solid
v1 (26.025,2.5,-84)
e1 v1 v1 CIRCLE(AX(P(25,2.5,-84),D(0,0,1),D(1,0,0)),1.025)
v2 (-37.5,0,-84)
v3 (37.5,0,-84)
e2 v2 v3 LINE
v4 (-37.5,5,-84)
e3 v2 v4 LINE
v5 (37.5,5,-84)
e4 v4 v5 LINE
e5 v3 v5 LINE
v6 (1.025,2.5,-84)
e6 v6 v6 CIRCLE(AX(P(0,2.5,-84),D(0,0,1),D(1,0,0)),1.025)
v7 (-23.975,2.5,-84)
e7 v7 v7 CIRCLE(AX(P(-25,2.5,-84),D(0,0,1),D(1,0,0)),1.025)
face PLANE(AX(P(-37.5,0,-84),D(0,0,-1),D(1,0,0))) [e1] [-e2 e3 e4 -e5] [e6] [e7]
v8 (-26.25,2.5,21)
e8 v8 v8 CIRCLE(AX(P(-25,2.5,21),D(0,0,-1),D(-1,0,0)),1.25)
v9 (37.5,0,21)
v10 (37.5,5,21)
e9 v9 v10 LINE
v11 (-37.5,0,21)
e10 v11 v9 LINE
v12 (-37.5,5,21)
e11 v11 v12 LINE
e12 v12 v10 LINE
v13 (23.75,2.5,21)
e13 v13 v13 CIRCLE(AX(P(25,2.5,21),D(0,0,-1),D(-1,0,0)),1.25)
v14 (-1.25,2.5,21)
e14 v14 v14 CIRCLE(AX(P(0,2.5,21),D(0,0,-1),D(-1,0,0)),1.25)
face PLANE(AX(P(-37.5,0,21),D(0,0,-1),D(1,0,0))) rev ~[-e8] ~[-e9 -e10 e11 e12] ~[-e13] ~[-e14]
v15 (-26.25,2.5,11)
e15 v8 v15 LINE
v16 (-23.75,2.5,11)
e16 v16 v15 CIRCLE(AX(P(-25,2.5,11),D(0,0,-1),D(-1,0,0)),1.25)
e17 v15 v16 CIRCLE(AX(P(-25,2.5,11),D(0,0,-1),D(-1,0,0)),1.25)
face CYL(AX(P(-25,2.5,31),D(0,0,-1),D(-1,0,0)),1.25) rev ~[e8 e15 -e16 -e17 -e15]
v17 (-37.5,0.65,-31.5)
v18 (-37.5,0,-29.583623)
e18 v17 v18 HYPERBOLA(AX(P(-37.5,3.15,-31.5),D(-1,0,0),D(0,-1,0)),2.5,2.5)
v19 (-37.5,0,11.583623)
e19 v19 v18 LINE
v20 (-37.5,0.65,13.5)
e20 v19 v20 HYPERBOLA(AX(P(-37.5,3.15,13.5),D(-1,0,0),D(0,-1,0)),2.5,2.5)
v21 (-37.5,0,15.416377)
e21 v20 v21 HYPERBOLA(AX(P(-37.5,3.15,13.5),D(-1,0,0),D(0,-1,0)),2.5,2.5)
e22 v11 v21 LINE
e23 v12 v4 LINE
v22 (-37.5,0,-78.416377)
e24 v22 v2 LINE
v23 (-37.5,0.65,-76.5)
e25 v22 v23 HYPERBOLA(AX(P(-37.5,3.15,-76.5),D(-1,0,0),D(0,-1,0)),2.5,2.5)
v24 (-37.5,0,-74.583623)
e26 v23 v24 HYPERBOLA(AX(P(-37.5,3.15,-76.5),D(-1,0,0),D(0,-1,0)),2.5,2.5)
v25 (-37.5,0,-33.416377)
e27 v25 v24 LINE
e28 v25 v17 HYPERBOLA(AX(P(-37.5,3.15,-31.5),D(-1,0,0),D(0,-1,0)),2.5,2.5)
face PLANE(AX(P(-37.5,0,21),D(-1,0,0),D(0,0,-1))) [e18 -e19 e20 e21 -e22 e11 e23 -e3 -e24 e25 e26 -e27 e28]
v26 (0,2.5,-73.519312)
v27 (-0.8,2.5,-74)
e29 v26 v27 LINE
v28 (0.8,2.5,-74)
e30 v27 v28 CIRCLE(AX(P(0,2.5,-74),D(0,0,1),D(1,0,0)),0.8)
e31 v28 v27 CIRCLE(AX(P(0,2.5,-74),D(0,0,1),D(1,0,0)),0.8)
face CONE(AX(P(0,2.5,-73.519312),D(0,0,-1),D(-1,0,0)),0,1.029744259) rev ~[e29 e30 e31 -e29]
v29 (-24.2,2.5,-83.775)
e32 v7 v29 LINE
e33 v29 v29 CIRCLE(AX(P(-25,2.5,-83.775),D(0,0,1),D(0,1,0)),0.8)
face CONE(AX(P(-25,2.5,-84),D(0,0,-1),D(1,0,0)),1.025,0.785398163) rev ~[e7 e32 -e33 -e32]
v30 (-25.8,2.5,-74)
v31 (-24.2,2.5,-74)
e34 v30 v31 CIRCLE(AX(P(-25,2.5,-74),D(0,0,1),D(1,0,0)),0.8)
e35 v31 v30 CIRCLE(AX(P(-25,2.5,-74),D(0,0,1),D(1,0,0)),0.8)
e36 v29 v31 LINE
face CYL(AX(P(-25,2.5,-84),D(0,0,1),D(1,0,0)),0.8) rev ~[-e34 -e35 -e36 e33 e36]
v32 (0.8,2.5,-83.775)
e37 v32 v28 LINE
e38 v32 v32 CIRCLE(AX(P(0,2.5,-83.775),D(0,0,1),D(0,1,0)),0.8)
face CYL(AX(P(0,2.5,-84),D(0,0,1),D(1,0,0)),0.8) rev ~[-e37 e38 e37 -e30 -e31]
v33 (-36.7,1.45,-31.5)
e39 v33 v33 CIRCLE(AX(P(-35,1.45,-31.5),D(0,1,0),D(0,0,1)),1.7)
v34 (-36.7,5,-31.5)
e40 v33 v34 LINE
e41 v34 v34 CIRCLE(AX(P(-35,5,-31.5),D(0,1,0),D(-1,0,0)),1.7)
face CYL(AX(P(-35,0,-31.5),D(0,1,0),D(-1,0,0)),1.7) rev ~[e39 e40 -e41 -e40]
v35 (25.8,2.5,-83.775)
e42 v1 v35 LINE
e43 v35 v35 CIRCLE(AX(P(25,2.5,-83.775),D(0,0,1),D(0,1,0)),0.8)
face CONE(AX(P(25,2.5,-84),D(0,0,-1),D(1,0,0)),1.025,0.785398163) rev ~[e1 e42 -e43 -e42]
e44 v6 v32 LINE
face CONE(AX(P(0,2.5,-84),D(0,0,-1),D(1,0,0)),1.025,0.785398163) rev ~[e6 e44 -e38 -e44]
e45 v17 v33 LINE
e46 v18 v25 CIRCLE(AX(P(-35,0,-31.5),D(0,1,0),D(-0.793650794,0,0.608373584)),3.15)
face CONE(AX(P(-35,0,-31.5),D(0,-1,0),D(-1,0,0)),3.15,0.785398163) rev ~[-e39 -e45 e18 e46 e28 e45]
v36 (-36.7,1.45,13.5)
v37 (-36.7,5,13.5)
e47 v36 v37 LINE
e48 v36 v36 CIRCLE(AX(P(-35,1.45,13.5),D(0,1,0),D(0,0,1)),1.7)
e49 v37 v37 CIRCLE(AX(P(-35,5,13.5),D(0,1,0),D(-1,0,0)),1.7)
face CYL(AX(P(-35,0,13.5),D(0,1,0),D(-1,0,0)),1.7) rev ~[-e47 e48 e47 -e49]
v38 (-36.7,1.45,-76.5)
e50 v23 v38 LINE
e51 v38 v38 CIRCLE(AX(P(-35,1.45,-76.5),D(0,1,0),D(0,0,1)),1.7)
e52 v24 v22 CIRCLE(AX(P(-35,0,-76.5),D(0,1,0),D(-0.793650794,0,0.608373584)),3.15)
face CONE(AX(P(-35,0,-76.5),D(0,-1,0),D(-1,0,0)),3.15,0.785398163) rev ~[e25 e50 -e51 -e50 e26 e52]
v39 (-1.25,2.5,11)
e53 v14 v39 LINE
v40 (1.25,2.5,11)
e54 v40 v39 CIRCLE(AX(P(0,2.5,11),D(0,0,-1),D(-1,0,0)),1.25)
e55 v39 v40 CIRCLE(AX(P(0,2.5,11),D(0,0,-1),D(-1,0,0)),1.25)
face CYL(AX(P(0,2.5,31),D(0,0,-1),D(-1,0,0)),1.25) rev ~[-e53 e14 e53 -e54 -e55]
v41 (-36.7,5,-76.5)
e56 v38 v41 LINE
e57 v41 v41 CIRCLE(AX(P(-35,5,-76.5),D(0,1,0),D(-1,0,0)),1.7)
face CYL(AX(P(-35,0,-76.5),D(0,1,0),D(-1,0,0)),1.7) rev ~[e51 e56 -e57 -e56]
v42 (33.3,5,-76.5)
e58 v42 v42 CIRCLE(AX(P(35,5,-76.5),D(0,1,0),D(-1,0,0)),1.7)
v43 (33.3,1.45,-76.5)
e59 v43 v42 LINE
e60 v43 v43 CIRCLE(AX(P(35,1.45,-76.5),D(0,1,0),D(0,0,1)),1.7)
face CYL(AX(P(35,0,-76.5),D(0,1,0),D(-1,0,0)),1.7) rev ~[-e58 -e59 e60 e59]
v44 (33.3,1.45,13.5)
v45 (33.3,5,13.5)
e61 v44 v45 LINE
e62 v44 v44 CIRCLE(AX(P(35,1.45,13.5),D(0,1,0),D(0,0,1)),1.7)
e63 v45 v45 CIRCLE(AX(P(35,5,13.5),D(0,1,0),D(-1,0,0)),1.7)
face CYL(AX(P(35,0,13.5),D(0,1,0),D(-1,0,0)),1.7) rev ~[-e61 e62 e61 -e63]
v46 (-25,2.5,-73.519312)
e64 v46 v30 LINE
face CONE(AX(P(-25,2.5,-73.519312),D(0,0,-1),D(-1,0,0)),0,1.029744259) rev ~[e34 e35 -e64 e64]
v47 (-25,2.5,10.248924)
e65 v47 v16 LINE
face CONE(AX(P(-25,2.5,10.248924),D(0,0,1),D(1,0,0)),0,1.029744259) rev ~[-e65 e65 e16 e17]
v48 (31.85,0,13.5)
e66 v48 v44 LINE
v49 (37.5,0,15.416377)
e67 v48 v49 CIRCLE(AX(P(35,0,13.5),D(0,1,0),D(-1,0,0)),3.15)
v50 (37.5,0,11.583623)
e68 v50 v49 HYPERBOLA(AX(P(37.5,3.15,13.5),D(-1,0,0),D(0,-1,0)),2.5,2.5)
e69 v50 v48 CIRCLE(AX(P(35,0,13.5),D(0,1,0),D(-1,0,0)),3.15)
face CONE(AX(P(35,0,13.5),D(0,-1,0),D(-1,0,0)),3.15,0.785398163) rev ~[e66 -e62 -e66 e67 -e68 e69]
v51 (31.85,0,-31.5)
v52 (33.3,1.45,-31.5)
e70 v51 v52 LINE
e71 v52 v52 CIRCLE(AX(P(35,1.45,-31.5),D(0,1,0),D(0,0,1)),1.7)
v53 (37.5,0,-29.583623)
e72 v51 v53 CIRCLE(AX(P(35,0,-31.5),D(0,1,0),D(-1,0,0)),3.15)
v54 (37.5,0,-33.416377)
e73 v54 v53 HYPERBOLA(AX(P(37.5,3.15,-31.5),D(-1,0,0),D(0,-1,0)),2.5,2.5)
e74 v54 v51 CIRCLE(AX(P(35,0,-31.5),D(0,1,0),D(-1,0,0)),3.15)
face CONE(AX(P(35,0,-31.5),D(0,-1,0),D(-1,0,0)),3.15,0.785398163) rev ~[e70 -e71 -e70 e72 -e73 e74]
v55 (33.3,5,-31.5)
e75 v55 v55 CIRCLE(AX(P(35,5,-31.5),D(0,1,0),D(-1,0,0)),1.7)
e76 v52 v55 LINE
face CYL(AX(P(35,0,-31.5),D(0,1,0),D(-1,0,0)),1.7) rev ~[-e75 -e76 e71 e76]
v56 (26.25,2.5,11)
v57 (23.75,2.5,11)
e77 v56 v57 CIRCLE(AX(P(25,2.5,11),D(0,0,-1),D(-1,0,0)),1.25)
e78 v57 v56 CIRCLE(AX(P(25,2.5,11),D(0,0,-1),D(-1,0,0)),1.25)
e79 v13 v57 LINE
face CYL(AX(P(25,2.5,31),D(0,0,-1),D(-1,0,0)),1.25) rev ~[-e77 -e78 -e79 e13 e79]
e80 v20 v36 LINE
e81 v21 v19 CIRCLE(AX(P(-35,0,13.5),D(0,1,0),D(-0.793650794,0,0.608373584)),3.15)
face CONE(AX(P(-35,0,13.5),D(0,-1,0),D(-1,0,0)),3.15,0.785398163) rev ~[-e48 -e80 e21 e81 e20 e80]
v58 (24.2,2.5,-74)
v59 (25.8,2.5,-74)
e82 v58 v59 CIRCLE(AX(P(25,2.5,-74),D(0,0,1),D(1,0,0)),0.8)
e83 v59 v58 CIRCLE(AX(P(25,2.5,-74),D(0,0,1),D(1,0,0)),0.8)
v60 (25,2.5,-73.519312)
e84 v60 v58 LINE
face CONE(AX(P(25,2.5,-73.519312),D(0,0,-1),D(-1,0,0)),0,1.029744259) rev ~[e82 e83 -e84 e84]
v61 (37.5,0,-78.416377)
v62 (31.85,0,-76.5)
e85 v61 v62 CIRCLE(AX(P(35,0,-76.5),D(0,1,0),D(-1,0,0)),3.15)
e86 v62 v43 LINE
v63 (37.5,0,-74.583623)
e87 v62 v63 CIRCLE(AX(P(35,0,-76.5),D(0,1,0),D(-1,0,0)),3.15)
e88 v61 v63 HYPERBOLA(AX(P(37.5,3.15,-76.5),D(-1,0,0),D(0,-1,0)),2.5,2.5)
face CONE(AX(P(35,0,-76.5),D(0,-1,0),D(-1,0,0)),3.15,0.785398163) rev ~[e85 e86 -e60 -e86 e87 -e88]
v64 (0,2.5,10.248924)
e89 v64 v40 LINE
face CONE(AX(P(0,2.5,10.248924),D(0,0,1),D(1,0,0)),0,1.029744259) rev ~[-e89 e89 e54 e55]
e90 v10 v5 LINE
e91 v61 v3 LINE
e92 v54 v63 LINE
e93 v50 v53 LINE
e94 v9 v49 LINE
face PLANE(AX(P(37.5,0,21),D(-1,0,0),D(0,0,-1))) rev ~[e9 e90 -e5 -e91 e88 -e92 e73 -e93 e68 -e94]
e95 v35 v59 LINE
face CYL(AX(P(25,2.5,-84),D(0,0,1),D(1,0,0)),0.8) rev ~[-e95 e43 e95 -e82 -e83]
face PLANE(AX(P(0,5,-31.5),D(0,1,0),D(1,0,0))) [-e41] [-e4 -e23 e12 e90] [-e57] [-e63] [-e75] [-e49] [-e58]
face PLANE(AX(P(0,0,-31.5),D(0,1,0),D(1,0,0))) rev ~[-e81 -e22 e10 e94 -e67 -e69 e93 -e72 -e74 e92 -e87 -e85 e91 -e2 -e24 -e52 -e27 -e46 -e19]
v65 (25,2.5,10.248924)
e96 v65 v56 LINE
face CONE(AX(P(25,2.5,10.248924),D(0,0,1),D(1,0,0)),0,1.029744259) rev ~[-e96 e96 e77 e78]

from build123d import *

# Parameters (mm, degrees)
SKETCH_1_W                   = 75
SKETCH_1_H                   = 105
EXTRUDE_432_DEPTH            = 5
HOLE_WIZARD_M3_D             = 2.5
HOLE_WIZARD_M3_DEPTH         = 10
HOLE_WIZARD_M3_TIP           = 0.751075774
HOLE_WIZARD_M3_2_D           = 1.6
HOLE_WIZARD_M3_2_DEPTH       = 10
HOLE_WIZARD_M3_2_CSINK_D     = 2.05
HOLE_WIZARD_M3_2_CSINK_ANGLE = 90
HOLE_WIZARD_M3_2_TIP         = 0.480688495
HOLE_WIZARD_M3_3_D           = 3.4
HOLE_WIZARD_M3_3_CSINK_D     = 6.3
HOLE_WIZARD_M3_3_CSINK_ANGLE = 90


with BuildPart() as part:
    # Эскиз1 → Extrude 432 (new body)
    with BuildSketch(Plane(origin=(0, 0, 0), x_dir=(1, 0, 0), z_dir=(0, 1, 0))):
        with Locations((0, 31.5)):
            Rectangle(SKETCH_1_W, SKETCH_1_H)
    extrude(amount=EXTRUDE_432_DEPTH)

    # Hole Wizard M3
    with Locations(Plane.XY.offset(21)):
        with Locations((-25, 2.5), (0, 2.5), (25, 2.5)):
            Hole(HOLE_WIZARD_M3_D / 2, depth=HOLE_WIZARD_M3_DEPTH)
            with Locations((0, 0, -(HOLE_WIZARD_M3_DEPTH + HOLE_WIZARD_M3_TIP / 2))):  # 118° drill point
                Cone(0, HOLE_WIZARD_M3_D / 2, HOLE_WIZARD_M3_TIP, mode=Mode.SUBTRACT)

    # Hole Wizard M3 2
    with Locations(Plane(origin=(0, 0, -84), x_dir=(-1, 0, 0), z_dir=(0, 0, -1))):
        with Locations((-25, 2.5), (0, 2.5), (25, 2.5)):
            CounterSinkHole(HOLE_WIZARD_M3_2_D / 2, HOLE_WIZARD_M3_2_CSINK_D / 2, depth=HOLE_WIZARD_M3_2_DEPTH, counter_sink_angle=HOLE_WIZARD_M3_2_CSINK_ANGLE)
            with Locations((0, 0, -(HOLE_WIZARD_M3_2_DEPTH + HOLE_WIZARD_M3_2_TIP / 2))):  # 118° drill point
                Cone(0, HOLE_WIZARD_M3_2_D / 2, HOLE_WIZARD_M3_2_TIP, mode=Mode.SUBTRACT)

    # Hole Wizard M3 3 (through all)
    with Locations(Plane.XZ):
        with Locations((-35, -31.5), (35, -31.5), (35, -76.5), (35, 13.5), (-35, 13.5), (-35, -76.5)):
            CounterSinkHole(HOLE_WIZARD_M3_3_D / 2, HOLE_WIZARD_M3_3_CSINK_D / 2, counter_sink_angle=HOLE_WIZARD_M3_3_CSINK_ANGLE)


solid = part.part
